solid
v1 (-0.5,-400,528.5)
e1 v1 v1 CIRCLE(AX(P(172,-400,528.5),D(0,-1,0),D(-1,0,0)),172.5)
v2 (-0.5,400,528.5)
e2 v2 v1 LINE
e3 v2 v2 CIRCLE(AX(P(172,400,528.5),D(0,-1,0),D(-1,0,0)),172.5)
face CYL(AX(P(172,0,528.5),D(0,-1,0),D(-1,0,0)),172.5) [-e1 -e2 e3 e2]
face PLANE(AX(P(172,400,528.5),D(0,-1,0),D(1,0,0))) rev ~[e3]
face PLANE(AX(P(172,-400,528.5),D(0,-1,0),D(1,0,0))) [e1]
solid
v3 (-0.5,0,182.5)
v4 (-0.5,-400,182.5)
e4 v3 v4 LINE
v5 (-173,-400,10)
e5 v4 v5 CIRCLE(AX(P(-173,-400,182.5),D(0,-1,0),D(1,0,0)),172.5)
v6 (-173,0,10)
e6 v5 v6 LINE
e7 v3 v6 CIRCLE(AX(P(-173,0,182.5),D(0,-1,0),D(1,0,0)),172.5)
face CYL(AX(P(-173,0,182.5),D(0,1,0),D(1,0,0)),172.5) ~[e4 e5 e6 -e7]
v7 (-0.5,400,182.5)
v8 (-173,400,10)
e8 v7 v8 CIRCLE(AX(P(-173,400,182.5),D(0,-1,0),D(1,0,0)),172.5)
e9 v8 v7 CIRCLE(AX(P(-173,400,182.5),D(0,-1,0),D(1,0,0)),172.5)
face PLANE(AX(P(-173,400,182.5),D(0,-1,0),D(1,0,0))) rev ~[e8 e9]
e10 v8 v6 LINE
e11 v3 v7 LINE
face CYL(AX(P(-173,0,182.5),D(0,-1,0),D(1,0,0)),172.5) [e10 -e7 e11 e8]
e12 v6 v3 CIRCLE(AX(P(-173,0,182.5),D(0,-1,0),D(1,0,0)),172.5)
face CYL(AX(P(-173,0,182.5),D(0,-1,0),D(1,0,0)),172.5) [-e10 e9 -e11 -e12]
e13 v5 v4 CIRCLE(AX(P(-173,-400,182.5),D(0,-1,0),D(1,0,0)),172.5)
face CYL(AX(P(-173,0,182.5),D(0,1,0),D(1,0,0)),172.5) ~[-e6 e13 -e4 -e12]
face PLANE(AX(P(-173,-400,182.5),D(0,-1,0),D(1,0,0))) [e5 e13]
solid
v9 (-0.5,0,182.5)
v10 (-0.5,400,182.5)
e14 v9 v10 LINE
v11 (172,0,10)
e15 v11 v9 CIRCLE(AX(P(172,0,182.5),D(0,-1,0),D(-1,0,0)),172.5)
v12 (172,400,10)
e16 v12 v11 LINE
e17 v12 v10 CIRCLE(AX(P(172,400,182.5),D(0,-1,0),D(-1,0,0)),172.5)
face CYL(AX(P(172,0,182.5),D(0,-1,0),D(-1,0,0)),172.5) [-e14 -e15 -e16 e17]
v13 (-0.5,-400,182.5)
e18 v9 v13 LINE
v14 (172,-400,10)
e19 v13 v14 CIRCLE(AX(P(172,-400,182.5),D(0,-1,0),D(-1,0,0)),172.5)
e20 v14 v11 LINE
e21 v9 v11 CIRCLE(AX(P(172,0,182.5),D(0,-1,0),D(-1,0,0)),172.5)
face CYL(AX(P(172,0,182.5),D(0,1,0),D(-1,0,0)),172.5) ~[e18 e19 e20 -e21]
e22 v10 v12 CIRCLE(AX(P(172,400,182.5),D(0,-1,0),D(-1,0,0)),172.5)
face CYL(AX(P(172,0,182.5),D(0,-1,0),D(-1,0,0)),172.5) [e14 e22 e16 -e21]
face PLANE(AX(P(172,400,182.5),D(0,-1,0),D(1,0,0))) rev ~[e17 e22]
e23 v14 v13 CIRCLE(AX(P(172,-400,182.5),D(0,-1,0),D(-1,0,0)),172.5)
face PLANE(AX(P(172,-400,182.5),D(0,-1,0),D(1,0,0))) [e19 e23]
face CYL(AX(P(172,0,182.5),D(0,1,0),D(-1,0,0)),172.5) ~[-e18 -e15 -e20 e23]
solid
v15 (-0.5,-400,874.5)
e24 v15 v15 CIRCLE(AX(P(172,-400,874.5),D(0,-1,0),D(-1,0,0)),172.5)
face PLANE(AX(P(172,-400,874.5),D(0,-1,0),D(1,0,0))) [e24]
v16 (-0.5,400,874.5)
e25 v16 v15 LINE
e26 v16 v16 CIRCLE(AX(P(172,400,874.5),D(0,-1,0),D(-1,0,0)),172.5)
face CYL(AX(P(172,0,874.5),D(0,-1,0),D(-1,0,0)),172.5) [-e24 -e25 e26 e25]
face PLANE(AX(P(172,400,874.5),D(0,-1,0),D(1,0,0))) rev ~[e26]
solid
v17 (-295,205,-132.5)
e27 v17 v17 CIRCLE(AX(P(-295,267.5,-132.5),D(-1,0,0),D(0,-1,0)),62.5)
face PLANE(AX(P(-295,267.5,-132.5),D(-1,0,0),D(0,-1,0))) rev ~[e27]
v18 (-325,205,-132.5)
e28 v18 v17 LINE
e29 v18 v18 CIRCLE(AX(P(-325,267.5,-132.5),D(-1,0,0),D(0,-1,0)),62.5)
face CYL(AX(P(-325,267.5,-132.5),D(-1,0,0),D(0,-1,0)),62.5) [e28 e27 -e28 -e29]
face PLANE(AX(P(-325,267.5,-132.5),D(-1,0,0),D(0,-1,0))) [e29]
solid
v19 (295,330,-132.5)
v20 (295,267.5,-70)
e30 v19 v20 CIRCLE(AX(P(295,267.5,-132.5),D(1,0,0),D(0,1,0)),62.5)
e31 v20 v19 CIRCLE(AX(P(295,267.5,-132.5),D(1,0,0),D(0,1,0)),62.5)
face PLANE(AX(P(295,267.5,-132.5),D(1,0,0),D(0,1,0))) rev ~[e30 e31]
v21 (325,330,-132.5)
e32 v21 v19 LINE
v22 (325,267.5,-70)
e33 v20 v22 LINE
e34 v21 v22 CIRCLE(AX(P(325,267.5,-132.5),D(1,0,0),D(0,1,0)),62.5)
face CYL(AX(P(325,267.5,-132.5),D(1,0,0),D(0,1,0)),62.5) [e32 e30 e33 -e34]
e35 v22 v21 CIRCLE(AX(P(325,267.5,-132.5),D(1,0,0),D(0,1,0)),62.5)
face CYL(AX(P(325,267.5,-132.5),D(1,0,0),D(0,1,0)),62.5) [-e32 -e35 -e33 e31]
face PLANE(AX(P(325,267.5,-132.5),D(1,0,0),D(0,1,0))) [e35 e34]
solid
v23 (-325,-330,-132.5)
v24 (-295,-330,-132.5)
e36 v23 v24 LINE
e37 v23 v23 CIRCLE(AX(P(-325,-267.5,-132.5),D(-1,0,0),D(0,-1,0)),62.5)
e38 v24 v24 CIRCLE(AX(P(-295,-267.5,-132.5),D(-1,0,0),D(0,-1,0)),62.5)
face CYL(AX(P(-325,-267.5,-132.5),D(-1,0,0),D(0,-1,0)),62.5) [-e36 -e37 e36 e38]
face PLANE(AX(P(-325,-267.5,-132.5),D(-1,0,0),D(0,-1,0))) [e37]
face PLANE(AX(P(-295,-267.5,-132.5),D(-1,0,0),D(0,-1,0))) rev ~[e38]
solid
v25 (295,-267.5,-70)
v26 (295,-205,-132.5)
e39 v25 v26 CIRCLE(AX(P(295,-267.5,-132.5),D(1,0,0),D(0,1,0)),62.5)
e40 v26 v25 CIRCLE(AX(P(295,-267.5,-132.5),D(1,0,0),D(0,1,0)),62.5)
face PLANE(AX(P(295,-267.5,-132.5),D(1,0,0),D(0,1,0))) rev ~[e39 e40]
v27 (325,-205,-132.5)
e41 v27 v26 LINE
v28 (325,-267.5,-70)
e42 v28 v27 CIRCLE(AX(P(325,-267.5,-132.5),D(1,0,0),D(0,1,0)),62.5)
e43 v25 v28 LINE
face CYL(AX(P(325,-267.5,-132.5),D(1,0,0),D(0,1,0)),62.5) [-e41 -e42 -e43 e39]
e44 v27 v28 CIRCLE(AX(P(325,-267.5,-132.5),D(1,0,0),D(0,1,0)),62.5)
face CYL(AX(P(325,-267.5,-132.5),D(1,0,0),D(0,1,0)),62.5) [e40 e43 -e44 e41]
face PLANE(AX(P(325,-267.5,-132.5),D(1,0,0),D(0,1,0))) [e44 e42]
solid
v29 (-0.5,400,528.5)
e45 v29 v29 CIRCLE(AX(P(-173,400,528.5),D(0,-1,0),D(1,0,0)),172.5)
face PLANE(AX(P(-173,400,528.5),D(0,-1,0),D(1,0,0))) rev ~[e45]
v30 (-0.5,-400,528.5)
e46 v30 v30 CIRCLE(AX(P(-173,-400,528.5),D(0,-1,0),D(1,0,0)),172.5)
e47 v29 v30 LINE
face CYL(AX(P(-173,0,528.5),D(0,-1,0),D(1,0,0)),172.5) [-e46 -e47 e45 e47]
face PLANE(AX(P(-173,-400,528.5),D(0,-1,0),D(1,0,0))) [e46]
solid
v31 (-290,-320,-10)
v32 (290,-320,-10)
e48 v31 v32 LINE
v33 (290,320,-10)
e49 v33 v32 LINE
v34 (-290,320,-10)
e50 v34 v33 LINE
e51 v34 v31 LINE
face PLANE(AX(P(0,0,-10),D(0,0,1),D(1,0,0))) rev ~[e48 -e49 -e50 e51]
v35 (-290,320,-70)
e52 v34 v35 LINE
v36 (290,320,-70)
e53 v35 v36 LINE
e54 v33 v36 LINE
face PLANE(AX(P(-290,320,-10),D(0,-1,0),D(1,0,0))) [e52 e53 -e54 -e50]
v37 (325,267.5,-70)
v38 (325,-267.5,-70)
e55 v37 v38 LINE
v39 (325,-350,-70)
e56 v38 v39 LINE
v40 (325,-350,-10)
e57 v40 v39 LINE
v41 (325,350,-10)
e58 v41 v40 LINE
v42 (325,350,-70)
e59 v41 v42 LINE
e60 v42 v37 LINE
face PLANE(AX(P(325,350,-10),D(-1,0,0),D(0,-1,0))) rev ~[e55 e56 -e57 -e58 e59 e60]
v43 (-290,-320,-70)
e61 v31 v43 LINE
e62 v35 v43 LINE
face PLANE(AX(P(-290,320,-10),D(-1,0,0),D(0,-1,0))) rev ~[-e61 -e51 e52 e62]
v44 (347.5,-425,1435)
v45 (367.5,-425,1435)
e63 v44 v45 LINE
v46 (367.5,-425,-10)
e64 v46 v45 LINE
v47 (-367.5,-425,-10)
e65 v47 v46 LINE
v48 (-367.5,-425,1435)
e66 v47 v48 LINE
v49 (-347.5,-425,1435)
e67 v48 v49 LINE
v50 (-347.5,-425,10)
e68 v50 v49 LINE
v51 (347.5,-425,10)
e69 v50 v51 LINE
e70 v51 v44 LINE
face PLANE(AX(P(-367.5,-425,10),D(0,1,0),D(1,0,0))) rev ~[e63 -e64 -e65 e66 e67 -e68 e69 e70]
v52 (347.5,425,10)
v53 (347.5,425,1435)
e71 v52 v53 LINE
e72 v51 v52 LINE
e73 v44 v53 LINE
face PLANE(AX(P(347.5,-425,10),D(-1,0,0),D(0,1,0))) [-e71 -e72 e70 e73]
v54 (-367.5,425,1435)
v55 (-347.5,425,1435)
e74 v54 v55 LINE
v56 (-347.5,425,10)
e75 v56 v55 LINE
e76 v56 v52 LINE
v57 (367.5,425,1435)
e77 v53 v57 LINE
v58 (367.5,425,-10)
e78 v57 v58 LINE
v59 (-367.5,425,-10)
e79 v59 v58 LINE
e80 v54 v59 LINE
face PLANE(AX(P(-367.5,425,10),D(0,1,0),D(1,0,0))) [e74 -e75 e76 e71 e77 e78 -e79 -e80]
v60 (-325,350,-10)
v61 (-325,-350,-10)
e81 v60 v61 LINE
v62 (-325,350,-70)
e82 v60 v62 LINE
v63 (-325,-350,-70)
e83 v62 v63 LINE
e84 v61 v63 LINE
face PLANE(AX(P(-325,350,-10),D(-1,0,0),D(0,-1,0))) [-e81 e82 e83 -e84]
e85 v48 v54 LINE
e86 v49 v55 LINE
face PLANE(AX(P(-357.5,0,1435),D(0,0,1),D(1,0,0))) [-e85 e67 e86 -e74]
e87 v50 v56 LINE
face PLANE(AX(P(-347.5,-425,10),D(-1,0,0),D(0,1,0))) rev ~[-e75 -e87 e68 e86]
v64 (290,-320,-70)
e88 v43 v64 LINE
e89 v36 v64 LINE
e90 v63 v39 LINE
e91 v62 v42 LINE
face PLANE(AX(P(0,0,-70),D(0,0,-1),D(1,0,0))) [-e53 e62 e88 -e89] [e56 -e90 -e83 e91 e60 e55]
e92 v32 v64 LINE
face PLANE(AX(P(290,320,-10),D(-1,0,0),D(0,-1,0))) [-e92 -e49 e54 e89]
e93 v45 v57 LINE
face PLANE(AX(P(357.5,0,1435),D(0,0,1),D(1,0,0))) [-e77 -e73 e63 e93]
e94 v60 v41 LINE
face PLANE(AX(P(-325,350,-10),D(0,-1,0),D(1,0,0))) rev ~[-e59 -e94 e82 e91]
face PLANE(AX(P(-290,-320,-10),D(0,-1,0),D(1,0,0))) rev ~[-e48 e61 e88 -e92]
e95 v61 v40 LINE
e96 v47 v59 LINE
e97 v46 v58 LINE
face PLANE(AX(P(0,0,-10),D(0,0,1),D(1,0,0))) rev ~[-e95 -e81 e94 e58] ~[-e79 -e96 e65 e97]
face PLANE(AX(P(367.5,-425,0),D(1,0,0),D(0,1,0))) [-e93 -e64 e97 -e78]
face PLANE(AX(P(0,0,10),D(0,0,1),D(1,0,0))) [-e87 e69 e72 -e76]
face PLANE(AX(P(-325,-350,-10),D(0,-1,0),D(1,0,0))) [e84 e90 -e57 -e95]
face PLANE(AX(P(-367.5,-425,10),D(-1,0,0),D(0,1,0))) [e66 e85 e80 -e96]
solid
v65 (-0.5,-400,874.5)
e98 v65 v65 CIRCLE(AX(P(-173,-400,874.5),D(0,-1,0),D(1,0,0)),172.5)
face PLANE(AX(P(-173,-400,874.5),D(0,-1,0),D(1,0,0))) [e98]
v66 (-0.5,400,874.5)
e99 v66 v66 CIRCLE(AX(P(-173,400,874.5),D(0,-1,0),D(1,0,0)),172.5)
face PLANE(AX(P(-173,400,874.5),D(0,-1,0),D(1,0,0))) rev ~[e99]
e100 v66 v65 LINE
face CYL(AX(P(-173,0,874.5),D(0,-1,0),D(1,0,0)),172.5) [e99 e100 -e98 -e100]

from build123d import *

# Parameters (mm, degrees)
F0_W      = 735
F0_H      = 850
F1_DEPTH  = 10
F2_W      = 20
F2_H      = 850
F3_DEPTH  = 1425
F4_R      = 172.5
F5_DEPTH  = 400
F6_W      = 650
F6_H      = 700
F6_W_2    = 580
F6_H_2    = 640
F7_DEPTH  = 60
F8_R      = 62.5
F9_DEPTH  = 30
F10_R     = 62.5
F11_DEPTH = 30


with BuildPart() as f1:
    # F0 (on Top) → F1 (new body, symmetric)
    with BuildSketch(Plane.XY):
        Rectangle(F0_W, F0_H)
    extrude(amount=F1_DEPTH, both=True)

    # F2 (on face) → F3 (join)
    with BuildSketch(Plane.XY.offset(10)):
        with Locations((-357.5, 0)):
            Rectangle(F2_W, F2_H)
        with Locations((357.5, 0)):
            Rectangle(F2_W, F2_H)
    extrude(amount=F3_DEPTH)

    # F4 (on Front) → F5 (join, symmetric)
    with BuildSketch(Plane.XZ):
        with Locations((-173, 182.5)):
            Circle(F4_R)
        with BuildLine():
            ThreePointArc((344.5, 182.5), (172, 355), (-0.5, 182.5))
            ThreePointArc((-0.5, 182.5), (172, 10), (344.5, 182.5))
        make_face()
    extrude(amount=F5_DEPTH, both=True)

    # F6 (on face) → F7 (join)
    with BuildSketch(Plane(origin=(0, 0, -10), x_dir=(1, 0, 0), z_dir=(0, 0, -1))):
        Rectangle(F6_W, F6_H)
        Rectangle(F6_W_2, F6_H_2, mode=Mode.SUBTRACT)
    extrude(amount=F7_DEPTH)

    # F8 (on face) → F9 (join)
    with BuildSketch(Plane.YZ.offset(325)):
        with Locations((-267.5, -132.5)):
            Circle(F8_R)
        with Locations((267.5, -132.5)):
            Circle(F8_R)
    extrude(amount=-F9_DEPTH)


with BuildPart() as f5:
    # F4 (on Front) → F5, piece 2 (new body, symmetric)
    with BuildSketch(Plane.XZ):
        with Locations((-173, 528.5)):
            Circle(F4_R)
    extrude(amount=F5_DEPTH, both=True)

    # F4 (on Front) → F5, piece 3 (join, symmetric)
    with BuildSketch(Plane.XZ):
        with BuildLine():
            ThreePointArc((344.5, 528.5), (172, 701), (-0.5, 528.5))
            ThreePointArc((-0.5, 528.5), (172, 356), (344.5, 528.5))
        make_face()
    extrude(amount=F5_DEPTH, both=True)


with BuildPart() as f5b:
    # F4 (on Front) → F5, piece 4 (new body, symmetric)
    with BuildSketch(Plane.XZ):
        with Locations((-173, 874.5)):
            Circle(F4_R)
    extrude(amount=F5_DEPTH, both=True)

    # F4 (on Front) → F5, piece 5 (join, symmetric)
    with BuildSketch(Plane.XZ):
        with BuildLine():
            ThreePointArc((344.5, 874.5), (172, 1047), (-0.5, 874.5))
            ThreePointArc((-0.5, 874.5), (172, 702), (344.5, 874.5))
        make_face()
    extrude(amount=F5_DEPTH, both=True)


with BuildPart() as f11:
    # F10 (on face) → F11 (new body)
    with BuildSketch(Plane(origin=(-325, 0, 0), x_dir=(0, -1, 0), z_dir=(-1, 0, 0))):
        with Locations((-267.5, -132.5)):
            Circle(F10_R)
    extrude(amount=-F11_DEPTH)


with BuildPart() as f11b:
    # F10 (on face) → F11, piece 2 (new body)
    with BuildSketch(Plane(origin=(-325, 0, 0), x_dir=(0, -1, 0), z_dir=(-1, 0, 0))):
        with Locations((267.5, -132.5)):
            Circle(F10_R)
    extrude(amount=-F11_DEPTH)


solid = Compound([f1.part, f5.part, f5b.part, f11.part, f11b.part])
